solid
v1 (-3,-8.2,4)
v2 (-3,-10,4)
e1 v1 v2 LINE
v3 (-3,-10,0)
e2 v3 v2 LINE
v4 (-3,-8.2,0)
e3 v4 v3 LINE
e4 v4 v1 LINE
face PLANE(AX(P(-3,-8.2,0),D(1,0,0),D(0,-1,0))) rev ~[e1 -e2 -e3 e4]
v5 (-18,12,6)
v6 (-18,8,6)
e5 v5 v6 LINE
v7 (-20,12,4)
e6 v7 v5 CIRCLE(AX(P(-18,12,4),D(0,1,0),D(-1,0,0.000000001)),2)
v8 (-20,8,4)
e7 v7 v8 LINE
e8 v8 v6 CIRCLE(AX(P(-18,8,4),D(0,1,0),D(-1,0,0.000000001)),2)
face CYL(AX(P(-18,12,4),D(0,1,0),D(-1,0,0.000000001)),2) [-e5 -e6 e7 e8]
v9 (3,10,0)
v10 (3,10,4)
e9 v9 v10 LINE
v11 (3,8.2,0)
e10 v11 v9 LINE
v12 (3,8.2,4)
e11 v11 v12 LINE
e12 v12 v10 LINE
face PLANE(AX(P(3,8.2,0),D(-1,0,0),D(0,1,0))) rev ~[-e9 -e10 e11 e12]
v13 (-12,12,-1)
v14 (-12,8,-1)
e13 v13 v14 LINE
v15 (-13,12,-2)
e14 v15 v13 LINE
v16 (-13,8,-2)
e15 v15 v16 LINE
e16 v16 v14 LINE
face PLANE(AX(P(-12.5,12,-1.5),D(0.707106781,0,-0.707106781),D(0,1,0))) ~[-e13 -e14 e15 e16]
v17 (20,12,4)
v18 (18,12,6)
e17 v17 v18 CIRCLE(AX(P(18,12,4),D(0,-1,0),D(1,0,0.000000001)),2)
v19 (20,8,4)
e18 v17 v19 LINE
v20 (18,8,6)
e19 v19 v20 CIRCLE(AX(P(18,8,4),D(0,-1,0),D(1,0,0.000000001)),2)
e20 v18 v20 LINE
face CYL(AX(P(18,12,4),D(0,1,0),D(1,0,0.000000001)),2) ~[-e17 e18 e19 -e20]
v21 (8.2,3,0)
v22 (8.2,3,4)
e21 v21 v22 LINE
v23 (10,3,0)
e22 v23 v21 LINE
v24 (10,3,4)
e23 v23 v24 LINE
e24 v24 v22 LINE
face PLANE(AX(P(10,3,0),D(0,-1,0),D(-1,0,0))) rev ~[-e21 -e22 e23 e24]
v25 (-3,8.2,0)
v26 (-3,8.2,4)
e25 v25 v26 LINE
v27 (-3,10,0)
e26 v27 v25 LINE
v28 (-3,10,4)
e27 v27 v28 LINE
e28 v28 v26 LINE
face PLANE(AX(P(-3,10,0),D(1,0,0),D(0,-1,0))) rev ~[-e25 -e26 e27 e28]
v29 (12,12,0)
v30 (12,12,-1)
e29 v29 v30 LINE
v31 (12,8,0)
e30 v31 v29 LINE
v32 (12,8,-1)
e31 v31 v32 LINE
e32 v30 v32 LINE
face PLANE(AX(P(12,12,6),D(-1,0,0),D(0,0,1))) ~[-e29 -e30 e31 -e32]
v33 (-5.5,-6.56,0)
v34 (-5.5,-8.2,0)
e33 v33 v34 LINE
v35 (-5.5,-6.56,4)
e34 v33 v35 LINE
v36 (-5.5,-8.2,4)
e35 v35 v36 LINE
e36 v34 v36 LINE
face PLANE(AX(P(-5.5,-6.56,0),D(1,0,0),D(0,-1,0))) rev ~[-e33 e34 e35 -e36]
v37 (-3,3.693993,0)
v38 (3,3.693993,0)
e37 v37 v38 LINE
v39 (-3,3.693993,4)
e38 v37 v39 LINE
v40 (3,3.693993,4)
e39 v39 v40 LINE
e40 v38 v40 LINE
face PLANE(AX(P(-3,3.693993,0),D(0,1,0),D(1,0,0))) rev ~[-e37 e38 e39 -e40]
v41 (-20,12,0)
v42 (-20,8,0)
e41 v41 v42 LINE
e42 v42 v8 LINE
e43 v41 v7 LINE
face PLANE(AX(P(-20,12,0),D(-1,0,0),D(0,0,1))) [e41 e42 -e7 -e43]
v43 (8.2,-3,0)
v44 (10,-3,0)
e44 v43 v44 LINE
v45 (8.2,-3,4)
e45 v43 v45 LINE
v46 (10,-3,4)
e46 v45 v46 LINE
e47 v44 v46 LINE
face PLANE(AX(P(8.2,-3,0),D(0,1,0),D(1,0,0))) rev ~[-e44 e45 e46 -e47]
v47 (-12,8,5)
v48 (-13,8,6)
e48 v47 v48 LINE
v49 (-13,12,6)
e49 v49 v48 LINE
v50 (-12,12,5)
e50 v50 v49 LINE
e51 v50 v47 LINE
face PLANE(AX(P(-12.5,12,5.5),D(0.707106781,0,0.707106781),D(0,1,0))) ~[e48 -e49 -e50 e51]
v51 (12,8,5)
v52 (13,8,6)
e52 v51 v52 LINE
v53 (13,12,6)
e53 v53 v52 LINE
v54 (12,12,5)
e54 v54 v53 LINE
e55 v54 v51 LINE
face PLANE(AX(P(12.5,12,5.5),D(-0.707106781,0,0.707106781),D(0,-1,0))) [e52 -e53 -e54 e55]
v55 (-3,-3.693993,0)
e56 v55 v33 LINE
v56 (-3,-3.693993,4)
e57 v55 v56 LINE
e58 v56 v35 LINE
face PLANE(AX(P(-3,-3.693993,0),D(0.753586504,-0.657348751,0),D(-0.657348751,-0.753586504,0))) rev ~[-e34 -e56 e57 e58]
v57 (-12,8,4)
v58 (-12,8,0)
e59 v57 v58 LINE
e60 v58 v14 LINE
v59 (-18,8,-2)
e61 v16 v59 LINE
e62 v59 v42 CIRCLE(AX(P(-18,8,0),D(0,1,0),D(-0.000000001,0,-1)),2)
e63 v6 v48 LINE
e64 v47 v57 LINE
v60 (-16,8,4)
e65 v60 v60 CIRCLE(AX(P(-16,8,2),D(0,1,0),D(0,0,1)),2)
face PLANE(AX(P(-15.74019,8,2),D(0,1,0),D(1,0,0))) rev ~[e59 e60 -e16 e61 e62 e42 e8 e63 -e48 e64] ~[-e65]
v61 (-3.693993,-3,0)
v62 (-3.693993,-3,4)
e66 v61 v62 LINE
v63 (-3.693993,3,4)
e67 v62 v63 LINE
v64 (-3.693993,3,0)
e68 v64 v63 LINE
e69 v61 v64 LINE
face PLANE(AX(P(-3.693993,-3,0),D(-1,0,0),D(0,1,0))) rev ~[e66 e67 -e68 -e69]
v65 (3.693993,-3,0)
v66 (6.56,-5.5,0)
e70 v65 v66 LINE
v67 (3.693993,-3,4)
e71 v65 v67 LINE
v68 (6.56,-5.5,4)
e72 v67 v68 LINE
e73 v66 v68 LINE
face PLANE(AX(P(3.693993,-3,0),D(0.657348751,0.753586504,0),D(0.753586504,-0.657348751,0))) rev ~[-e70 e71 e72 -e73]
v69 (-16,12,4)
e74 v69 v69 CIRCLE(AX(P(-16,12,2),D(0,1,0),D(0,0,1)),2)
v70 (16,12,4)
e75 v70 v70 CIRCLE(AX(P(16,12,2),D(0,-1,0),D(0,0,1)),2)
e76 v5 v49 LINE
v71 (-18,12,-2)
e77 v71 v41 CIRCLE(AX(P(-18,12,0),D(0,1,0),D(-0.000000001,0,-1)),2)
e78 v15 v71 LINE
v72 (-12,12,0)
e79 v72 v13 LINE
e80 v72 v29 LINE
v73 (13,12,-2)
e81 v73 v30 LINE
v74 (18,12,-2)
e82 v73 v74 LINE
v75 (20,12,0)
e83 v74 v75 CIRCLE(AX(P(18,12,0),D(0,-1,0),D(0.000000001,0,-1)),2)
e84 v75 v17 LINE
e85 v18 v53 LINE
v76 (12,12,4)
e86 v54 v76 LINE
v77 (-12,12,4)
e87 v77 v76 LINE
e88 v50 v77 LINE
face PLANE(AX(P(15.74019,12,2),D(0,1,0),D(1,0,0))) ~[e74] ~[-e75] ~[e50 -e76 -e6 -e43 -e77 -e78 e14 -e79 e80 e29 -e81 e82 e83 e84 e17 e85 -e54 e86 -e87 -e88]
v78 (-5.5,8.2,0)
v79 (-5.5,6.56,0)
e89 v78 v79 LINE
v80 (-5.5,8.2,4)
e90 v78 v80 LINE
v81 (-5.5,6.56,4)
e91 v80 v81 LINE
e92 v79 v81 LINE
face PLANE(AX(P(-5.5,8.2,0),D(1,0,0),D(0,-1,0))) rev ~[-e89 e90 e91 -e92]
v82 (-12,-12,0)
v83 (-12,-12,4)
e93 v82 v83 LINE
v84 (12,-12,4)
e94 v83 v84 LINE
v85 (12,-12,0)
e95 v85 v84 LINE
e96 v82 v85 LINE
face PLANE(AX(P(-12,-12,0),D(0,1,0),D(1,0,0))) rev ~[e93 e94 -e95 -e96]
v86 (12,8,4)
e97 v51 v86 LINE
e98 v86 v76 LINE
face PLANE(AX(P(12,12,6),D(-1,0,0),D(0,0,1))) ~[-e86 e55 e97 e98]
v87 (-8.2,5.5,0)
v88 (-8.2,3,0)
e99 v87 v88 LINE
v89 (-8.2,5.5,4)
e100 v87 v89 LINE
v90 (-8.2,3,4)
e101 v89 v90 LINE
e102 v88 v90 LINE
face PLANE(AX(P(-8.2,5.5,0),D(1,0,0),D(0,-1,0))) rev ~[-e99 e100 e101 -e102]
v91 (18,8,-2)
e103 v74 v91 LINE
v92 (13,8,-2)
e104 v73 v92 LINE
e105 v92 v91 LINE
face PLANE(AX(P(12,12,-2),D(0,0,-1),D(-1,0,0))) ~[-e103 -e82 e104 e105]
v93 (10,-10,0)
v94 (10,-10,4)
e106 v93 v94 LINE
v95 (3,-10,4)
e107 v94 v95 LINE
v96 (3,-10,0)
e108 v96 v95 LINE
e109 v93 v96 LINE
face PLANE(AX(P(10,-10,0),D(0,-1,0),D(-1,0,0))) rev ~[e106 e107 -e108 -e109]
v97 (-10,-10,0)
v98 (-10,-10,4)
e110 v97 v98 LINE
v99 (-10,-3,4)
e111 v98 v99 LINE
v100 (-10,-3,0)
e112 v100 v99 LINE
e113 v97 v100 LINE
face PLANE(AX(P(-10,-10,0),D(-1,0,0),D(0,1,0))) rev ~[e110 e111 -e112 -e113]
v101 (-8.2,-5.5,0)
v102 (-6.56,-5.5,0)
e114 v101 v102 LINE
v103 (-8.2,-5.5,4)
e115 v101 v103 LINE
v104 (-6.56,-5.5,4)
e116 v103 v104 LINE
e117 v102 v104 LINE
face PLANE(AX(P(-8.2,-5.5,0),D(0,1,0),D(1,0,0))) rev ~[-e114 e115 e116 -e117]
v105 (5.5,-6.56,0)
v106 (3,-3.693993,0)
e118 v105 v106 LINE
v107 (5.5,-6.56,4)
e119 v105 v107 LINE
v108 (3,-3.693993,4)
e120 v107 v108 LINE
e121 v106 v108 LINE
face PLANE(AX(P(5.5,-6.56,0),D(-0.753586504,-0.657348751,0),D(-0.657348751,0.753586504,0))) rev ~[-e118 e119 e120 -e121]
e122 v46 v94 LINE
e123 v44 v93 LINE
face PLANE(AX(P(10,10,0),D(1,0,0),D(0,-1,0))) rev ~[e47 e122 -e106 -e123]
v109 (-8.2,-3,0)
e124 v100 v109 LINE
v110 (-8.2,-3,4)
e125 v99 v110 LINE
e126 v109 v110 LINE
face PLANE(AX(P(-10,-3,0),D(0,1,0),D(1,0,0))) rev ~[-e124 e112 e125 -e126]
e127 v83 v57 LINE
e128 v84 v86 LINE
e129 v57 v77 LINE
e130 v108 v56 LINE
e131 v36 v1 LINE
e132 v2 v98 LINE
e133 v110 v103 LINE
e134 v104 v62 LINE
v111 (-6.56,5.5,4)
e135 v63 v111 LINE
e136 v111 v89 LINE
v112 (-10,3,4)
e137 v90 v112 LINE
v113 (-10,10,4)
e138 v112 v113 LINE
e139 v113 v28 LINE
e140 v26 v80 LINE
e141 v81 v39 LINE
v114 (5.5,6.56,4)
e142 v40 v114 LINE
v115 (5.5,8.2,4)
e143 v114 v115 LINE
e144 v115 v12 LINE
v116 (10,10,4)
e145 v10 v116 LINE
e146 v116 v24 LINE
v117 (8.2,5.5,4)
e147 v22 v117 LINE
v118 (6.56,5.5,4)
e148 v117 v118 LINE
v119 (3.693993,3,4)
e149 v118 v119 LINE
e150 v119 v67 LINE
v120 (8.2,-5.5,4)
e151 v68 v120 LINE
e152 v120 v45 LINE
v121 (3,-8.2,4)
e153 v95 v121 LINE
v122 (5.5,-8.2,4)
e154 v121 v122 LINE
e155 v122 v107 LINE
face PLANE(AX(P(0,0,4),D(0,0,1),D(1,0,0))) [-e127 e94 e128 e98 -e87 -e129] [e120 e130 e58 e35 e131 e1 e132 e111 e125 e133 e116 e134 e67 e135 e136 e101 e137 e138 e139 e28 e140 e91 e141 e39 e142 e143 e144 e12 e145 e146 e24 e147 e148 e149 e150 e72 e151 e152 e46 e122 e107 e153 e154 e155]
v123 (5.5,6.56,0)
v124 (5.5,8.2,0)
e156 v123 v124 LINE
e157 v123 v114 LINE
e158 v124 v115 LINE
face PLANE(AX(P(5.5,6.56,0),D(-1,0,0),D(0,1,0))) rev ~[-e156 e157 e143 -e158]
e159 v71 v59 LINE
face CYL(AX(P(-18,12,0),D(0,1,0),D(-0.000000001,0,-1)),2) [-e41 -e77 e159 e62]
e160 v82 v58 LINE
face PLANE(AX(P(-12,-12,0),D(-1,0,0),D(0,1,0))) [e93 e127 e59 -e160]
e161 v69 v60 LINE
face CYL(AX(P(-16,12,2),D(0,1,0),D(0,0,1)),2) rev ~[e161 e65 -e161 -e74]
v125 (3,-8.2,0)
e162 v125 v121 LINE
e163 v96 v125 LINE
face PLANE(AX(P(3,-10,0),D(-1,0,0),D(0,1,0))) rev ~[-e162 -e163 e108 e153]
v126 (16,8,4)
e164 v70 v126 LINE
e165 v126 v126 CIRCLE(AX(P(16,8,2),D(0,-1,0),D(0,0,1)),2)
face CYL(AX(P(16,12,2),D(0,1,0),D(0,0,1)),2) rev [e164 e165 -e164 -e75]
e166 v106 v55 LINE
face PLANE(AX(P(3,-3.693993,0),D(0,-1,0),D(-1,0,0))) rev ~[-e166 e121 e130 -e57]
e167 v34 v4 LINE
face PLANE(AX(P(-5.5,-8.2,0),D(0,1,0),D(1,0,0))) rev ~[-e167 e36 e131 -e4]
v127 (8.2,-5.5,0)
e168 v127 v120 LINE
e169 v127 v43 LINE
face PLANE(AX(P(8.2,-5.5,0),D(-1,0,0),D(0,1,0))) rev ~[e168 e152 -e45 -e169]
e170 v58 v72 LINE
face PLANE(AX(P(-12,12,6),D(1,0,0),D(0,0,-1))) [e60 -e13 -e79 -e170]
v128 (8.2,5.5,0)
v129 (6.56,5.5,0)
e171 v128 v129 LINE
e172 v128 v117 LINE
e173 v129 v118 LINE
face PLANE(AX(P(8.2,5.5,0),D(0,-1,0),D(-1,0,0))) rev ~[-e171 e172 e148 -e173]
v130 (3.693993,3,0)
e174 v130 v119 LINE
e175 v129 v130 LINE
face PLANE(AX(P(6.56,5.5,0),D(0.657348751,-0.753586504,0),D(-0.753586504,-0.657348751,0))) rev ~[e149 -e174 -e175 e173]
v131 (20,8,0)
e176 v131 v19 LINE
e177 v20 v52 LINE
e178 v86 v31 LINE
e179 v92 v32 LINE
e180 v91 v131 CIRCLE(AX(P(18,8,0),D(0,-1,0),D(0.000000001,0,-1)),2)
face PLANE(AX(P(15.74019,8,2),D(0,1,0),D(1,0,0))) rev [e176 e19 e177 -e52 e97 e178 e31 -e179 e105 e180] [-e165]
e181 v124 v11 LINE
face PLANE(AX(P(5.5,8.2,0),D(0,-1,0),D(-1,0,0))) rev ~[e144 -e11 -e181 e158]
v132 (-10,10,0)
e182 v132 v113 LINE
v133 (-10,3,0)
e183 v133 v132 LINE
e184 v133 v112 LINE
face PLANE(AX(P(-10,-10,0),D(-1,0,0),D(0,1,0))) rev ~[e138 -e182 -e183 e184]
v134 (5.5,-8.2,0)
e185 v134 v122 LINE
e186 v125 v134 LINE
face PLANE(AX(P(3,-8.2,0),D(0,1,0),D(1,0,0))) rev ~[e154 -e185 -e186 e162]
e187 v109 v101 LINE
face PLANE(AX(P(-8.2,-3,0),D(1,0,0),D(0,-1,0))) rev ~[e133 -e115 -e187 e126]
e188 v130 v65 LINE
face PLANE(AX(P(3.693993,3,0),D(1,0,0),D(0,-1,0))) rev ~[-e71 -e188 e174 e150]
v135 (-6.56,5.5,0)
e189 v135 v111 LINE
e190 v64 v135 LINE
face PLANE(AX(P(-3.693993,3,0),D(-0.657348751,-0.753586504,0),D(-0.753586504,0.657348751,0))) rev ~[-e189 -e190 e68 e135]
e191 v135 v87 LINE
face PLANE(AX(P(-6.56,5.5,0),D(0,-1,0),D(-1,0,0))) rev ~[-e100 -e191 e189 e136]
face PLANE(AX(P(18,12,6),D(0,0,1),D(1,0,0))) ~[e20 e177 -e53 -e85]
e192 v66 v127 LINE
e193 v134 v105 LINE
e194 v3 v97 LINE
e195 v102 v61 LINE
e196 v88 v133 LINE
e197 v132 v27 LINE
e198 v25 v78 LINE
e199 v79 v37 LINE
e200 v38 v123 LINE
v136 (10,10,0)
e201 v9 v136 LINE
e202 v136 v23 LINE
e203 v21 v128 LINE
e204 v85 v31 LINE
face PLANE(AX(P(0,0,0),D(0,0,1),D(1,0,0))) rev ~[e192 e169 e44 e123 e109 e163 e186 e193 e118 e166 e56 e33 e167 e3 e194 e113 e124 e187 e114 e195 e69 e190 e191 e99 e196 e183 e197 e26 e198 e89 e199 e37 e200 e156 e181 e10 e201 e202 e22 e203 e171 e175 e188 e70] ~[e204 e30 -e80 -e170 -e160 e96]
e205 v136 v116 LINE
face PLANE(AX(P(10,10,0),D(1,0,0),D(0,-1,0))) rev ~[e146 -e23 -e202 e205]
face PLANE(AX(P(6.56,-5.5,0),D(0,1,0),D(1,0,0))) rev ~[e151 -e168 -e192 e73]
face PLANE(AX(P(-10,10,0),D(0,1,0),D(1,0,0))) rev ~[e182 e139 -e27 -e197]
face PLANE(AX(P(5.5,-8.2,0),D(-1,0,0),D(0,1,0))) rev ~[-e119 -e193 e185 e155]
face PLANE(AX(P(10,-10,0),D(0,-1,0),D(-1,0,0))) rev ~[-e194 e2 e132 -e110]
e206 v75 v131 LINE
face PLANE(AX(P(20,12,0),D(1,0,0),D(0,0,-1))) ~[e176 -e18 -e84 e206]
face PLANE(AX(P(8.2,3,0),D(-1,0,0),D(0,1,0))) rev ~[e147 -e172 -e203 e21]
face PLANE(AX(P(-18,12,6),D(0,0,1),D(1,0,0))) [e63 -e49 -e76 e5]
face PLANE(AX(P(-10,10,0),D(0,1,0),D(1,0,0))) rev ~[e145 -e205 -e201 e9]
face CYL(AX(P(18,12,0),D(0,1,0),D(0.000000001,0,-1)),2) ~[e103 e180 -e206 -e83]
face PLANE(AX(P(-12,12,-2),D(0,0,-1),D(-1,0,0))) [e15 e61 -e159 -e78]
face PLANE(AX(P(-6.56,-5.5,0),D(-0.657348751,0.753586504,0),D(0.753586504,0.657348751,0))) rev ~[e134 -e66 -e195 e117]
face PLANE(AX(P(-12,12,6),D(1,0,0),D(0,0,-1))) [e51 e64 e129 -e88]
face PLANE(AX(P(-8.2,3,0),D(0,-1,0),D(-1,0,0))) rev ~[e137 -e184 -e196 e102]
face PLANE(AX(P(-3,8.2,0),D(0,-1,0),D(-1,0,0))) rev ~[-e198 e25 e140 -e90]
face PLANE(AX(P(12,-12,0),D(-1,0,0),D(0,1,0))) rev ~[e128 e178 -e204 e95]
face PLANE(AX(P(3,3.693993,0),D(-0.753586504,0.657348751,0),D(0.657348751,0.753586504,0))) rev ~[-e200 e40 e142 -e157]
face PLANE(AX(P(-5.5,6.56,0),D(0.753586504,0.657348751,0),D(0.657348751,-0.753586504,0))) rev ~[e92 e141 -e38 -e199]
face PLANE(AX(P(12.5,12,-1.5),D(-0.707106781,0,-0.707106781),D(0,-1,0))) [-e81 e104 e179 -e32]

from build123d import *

# Parameters (mm, degrees)
SKETCH_1_W                 = 24
SKETCH_1_H                 = 24
EXTRUDE_1_DEPTH            = 4
SKETCH_6_R                 = 2
EXTRUDE_2_DEPTH            = 4
CHAMFER_1_SIZE             = 1
CHAMFER_1_OF_MIRROR_1_SIZE = 1


with BuildPart() as part:
    # Эскиз1 → Бобышка-Вытянуть1 (new body)
    # profile 1 of 5: a face of its own
    with BuildSketch(Plane.XY):
        Rectangle(SKETCH_1_W, SKETCH_1_H)
        Polygon((-3, 10), (0, 10), (3, 10), (5.5, 10), (10, 10), (10, 3), (10, -3), (10, -10), (3, -10), (-3, -10), (-10, -10), (-10, -3), (-10, 3), (-10, 10), (-5.5, 10), align=None, mode=Mode.SUBTRACT)
    # profile 2 of 5: a face of its own
    with BuildSketch(Plane.XY):
        Polygon((-3, -10), (3, -10), (3, -8.2), (5.5, -8.2), (5.5, -6.56), (3, -3.693992791), (-3, -3.693992791), (-5.5, -6.56), (-5.5, -8.2), (-3, -8.2), align=None)
    # profile 3 of 5: a face of its own
    with BuildSketch(Plane.XY):
        Polygon((10, -3), (10, 3), (8.2, 3), (8.2, 5.5), (6.56, 5.5), (3.693992791, 3), (3.693992791, -3), (6.56, -5.5), (8.2, -5.5), (8.2, -3), align=None)
    # profile 4 of 5: a face of its own
    with BuildSketch(Plane.XY):
        Polygon((-8.2, 3), (-10, 3), (-10, -3), (-8.2, -3), (-8.2, -5.5), (-6.56, -5.5), (-3.693992791, -3), (-3.693992791, 3), (-6.56, 5.5), (-8.2, 5.5), align=None)
    # profile 5 of 5: a face of its own
    with BuildSketch(Plane.XY):
        Polygon((3, 10), (0, 10), (-3, 10), (-3, 8.2), (-5.5, 8.2), (-5.5, 6.56), (-3, 3.693992791), (3, 3.693992791), (5.5, 6.56), (5.5, 8.2), (3, 8.2), align=None)
    extrude(amount=EXTRUDE_1_DEPTH)

    # Эскиз6 → Бобышка-Вытянуть2 (add)
    with BuildSketch(Plane(origin=(0, 12, 0), x_dir=(1, 0, 0), z_dir=(0, 1, 0))):
        with BuildLine():
            Line((-12, 2), (-18, 2))
            ThreePointArc((-18, 2), (-19.414213562, 1.414213562), (-20, 0))
            Line((-20, 0), (-20, -4))
            ThreePointArc((-20, -4), (-19.414213562, -5.414213562), (-18, -6))
            Line((-18, -6), (-12, -6))
            Line((-12, -6), (-12, 2))
        make_face()
        with Locations(Location((-16, -2, 0), (0, 0, 270))):
            Circle(SKETCH_6_R, mode=Mode.SUBTRACT)
    extrude_2 = extrude(amount=-EXTRUDE_2_DEPTH)

    # Фаска1
    chamfer_1_edges = [part.edges().sort_by_distance(p)[0] for p in [
        (-12, 10, -2),
        (-12, 10, 6),
    ]]
    chamfer(chamfer_1_edges, length=CHAMFER_1_SIZE)

    # Зеркальное отражение1: Бобышка-Вытянуть2 across plane
    add(extrude_2.mirror(Plane(origin=(0, 0, 0), x_dir=(0, 0, 1), z_dir=(1, 0, 0))))

    # Фаска1 of Зеркальное отражение1
    chamfer_1_of_mirror_1_edges = [part.edges().sort_by_distance(p)[0] for p in [
        (12, 10, -2),
        (12, 10, 6),
    ]]
    chamfer(chamfer_1_of_mirror_1_edges, length=CHAMFER_1_OF_MIRROR_1_SIZE)


solid = part.part
